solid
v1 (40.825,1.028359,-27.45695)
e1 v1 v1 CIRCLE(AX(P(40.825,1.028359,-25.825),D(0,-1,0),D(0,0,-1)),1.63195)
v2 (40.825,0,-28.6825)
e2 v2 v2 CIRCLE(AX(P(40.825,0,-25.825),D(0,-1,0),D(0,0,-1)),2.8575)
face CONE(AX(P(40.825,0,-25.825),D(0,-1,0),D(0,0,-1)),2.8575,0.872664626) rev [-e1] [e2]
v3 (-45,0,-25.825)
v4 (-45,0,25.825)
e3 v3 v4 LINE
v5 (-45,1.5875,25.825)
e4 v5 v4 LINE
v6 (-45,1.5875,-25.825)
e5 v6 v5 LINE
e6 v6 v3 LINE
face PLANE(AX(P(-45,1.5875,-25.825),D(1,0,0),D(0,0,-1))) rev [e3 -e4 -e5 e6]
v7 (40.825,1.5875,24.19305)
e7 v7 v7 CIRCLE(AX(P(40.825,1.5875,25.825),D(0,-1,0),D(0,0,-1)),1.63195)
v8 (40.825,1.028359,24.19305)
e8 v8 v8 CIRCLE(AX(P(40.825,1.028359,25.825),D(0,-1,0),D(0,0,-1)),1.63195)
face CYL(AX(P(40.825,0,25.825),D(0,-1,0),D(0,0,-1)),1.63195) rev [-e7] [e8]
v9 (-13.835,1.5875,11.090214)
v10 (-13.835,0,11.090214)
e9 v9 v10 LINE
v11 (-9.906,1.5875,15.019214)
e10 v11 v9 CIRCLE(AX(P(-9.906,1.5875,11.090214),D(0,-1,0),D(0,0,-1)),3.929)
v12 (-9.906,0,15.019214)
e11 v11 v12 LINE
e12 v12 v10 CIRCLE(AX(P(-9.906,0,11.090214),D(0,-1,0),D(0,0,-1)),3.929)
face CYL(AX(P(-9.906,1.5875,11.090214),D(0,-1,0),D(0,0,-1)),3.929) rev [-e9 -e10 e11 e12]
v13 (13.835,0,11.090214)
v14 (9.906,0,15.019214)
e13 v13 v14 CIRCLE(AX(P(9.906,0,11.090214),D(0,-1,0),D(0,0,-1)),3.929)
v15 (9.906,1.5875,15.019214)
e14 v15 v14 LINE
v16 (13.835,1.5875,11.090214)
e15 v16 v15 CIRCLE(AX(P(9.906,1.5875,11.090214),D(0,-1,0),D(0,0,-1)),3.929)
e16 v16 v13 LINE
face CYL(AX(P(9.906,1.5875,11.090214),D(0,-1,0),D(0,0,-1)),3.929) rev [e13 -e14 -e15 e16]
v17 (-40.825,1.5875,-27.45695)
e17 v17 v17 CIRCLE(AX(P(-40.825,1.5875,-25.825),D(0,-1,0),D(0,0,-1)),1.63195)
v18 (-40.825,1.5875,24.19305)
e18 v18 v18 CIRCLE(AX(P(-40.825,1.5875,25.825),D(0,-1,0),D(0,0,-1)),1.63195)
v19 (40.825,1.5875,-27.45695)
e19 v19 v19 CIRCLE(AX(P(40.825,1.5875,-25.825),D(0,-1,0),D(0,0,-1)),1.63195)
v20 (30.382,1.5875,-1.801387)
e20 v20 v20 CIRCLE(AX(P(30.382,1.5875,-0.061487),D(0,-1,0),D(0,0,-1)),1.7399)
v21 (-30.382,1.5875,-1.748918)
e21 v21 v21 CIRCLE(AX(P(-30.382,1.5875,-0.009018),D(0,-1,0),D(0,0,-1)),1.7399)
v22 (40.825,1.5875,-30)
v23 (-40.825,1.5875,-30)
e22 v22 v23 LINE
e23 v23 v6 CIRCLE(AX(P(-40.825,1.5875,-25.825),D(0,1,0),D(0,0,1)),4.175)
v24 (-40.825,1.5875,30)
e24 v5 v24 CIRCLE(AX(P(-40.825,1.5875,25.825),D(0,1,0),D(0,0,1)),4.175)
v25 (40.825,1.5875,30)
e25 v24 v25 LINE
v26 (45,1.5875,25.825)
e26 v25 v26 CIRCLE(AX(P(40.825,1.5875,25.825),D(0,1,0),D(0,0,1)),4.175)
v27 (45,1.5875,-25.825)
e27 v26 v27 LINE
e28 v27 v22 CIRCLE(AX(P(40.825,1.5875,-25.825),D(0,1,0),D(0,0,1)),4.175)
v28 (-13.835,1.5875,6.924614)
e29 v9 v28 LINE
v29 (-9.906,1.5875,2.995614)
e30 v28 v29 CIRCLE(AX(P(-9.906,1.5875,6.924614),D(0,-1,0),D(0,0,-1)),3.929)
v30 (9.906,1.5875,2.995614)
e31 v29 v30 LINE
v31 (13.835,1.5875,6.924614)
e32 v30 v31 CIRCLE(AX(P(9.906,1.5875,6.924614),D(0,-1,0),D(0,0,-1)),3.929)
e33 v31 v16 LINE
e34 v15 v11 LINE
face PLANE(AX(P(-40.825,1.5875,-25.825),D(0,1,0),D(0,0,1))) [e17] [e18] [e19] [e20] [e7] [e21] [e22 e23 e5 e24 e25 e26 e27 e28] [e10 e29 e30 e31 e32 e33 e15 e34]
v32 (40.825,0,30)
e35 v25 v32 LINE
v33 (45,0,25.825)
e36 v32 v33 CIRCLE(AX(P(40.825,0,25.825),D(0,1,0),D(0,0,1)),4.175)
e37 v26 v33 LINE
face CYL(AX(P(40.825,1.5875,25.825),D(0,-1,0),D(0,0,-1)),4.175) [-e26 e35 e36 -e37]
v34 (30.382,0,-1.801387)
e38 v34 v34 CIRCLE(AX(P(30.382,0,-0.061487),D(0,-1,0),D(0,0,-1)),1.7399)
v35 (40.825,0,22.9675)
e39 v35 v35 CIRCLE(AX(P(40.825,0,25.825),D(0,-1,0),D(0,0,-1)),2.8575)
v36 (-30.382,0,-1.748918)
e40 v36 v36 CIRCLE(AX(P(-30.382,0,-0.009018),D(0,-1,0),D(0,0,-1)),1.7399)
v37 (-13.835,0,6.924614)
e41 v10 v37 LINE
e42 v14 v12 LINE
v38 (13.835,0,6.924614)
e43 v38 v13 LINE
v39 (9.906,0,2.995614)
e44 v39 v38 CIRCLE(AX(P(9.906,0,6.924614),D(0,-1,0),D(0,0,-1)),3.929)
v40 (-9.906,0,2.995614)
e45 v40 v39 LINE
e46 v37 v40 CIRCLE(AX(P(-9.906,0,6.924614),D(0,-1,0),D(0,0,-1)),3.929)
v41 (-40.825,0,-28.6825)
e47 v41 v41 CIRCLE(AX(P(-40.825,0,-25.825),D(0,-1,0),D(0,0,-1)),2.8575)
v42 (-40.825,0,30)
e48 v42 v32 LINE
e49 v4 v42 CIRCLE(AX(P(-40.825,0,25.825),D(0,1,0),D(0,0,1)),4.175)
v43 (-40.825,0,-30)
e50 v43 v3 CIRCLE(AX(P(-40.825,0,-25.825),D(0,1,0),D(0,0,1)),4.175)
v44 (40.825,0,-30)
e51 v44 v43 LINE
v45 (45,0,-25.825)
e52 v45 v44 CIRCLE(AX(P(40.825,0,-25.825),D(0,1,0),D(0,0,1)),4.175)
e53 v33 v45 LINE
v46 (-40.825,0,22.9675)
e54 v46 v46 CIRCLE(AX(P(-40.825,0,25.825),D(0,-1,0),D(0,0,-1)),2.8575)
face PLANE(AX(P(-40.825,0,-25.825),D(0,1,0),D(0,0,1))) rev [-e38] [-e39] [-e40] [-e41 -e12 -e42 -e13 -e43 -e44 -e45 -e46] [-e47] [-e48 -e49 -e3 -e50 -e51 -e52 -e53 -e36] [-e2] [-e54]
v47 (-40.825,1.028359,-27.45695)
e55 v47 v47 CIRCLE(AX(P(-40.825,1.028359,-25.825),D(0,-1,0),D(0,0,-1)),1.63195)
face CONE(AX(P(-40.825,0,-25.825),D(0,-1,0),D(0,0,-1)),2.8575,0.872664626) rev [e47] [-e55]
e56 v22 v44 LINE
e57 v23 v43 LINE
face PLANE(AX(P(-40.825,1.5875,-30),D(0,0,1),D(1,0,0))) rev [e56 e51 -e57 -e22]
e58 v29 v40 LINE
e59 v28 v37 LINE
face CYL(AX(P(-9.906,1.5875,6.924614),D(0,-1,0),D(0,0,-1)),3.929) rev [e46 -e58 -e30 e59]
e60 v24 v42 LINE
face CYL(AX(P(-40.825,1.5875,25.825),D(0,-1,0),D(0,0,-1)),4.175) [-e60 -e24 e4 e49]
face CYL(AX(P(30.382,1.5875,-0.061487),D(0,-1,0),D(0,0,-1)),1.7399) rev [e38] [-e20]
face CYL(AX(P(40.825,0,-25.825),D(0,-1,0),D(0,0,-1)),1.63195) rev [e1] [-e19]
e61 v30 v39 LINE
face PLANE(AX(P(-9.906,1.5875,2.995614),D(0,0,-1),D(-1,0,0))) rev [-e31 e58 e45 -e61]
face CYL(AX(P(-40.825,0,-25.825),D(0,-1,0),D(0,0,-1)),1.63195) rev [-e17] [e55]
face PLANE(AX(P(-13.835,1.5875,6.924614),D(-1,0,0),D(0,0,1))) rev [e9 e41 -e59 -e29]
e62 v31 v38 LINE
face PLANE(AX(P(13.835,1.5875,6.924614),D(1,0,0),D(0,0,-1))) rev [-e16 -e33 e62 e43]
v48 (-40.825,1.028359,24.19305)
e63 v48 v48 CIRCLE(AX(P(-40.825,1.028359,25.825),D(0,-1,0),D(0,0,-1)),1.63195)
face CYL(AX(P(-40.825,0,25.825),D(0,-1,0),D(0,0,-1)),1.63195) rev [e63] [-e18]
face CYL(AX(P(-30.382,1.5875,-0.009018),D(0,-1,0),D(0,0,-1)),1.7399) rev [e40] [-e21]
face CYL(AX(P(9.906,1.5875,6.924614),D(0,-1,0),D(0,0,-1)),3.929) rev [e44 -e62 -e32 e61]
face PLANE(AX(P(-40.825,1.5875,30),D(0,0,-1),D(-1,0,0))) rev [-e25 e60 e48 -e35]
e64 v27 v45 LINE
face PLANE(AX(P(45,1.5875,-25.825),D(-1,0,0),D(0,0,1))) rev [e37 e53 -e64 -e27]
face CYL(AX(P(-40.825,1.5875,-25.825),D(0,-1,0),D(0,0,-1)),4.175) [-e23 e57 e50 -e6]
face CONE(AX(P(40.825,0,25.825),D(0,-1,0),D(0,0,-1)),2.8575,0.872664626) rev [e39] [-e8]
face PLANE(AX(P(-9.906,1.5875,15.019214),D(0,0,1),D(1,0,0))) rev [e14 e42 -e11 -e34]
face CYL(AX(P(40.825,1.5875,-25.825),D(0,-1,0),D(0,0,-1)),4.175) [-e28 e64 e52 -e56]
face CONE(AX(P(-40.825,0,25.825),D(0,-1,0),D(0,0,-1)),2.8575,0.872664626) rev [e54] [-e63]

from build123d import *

# Parameters (mm, degrees)
SKETCH2_R                                 = 1
BOSS_EXTRUDE3_DEPTH                       = 1.5875
DB15_PLUG_CUTAWAY_DEPTH                   = 55.106562968
CSK_FOR_4_FLAT_HEAD_MACHINE_SCREW_2_COUNT = 2
CSK_FOR_4_FLAT_HEAD_MACHINE_SCREW_2_PITCH = 51.65
CSK_FOR_4_FLAT_HEAD_MACHINE_SCREW_3_COUNT = 2
CSK_FOR_4_FLAT_HEAD_MACHINE_SCREW_3_PITCH = 81.65
CSK_FOR_4_FLAT_HEAD_MACHINE_SCREW_4_COUNT = 2
CSK_FOR_4_FLAT_HEAD_MACHINE_SCREW_4_PITCH = 96.614931558
SKETCH11_R                                = 1.7399
CUT_EXTRUDE1_DEPTH                        = 55.106562968


with BuildPart() as part:
    # Sketch2 → Boss-Extrude3 (new body)
    with BuildSketch(Plane(origin=(0, 0, 0), x_dir=(1, 0, 0), z_dir=(0, 1, 0))):
        with BuildLine():
            Line((-45, 25.825), (-45, -25.825))
            ThreePointArc((-45, -25.825), (-43.777170811, -28.777170811), (-40.825, -30))
            Line((-40.825, -30), (40.825, -30))
            ThreePointArc((40.825, -30), (43.777170811, -28.777170811), (45, -25.825))
            Line((45, -25.825), (45, 25.825))
            ThreePointArc((45, 25.825), (43.777170811, 28.777170811), (40.825, 30))
            Line((40.825, 30), (-40.825, 30))
            ThreePointArc((-40.825, 30), (-43.777170811, 28.777170811), (-45, 25.825))
        make_face()
        with Locations(Location((40.825, 25.825, 0), (0, 0, 270))):
            Circle(SKETCH2_R, mode=Mode.SUBTRACT)
        with Locations(Location((-40.825, 25.825, 0), (0, 0, 270))):
            Circle(SKETCH2_R, mode=Mode.SUBTRACT)
        with Locations(Location((-40.825, -25.825, 0), (0, 0, 270))):
            Circle(SKETCH2_R, mode=Mode.SUBTRACT)
        with Locations(Location((40.825, -25.825, 0), (0, 0, 270))):
            Circle(SKETCH2_R, mode=Mode.SUBTRACT)
    extrude(amount=BOSS_EXTRUDE3_DEPTH)

    # Sketch4 → DB15 Plug Cutaway (cut, through all)
    with BuildSketch(Plane.XZ):
        with BuildLine():
            Line((-13.835, 6.924614493), (-13.835, 11.090214492))
            ThreePointArc((-13.835, 11.090214492), (-12.684222543, 13.868437036), (-9.905999998, 15.019214492))
            Line((-9.905999998, 15.019214492), (9.905999999, 15.019214492))
            ThreePointArc((9.905999999, 15.019214492), (12.684222543, 13.868437035), (13.835, 11.090214492))
            Line((13.835, 11.090214492), (13.835, 6.924614492))
            ThreePointArc((13.835, 6.924614492), (12.684222543, 4.146391949), (9.906, 2.995614492))
            Line((9.906, 2.995614492), (-9.905999998, 2.995614492))
            ThreePointArc((-9.905999998, 2.995614492), (-12.684222543, 4.146391948), (-13.835, 6.924614493))
        make_face()
    extrude(amount=-DB15_PLUG_CUTAWAY_DEPTH, mode=Mode.SUBTRACT)

    # Sketch9 → CSK for #4 Flat Head Machine Screw (100)2 (revolve, cut)
    with BuildSketch(Plane(origin=(-40.825, 0, 25.825), x_dir=(0, 0, -1), z_dir=(1, 0, 0))):
        Polygon((0, 0), (0, 1.5875), (1.63195, 1.5875), (1.63195, 1.028358553), (2.8575, 0), align=None)
    csk_for_4_flat_head_machine_screw_100 = revolve(axis=Axis((-40.825, -6.35, 25.825), (0, 1, 0)), mode=Mode.SUBTRACT)

    # CSK for _4 Flat Head Machine Screw _ 2: CSK for #4 Flat Head Machine Screw (100)2 ×2
    with Locations(*[(0, 0, -i * CSK_FOR_4_FLAT_HEAD_MACHINE_SCREW_2_PITCH) for i in range(1, CSK_FOR_4_FLAT_HEAD_MACHINE_SCREW_2_COUNT)]):
        add(csk_for_4_flat_head_machine_screw_100, mode=Mode.SUBTRACT)

    # CSK for _4 Flat Head Machine Screw _ 3: CSK for #4 Flat Head Machine Screw (100)2 ×2
    with Locations(*[(i * CSK_FOR_4_FLAT_HEAD_MACHINE_SCREW_3_PITCH, 0, 0) for i in range(1, CSK_FOR_4_FLAT_HEAD_MACHINE_SCREW_3_COUNT)]):
        add(csk_for_4_flat_head_machine_screw_100, mode=Mode.SUBTRACT)

    # CSK for _4 Flat Head Machine Screw _ 4: CSK for #4 Flat Head Machine Screw (100)2 ×2
    with Locations(*[Vector(0.8451074661352507, 0, -0.5345964559202167) * (i * CSK_FOR_4_FLAT_HEAD_MACHINE_SCREW_4_PITCH) for i in range(1, CSK_FOR_4_FLAT_HEAD_MACHINE_SCREW_4_COUNT)]):
        add(csk_for_4_flat_head_machine_screw_100, mode=Mode.SUBTRACT)

    # Sketch11 → Cut-Extrude1 (cut, through all)
    with BuildSketch(Plane.XZ):
        with Locations(Location((-30.382, -0.009017528, 0), (0, 0, 270))):
            Circle(SKETCH11_R)
        with Locations(Location((30.382, -0.061487226, 0), (0, 0, 270))):
            Circle(SKETCH11_R)
    extrude(amount=-CUT_EXTRUDE1_DEPTH, mode=Mode.SUBTRACT)


solid = part.part
